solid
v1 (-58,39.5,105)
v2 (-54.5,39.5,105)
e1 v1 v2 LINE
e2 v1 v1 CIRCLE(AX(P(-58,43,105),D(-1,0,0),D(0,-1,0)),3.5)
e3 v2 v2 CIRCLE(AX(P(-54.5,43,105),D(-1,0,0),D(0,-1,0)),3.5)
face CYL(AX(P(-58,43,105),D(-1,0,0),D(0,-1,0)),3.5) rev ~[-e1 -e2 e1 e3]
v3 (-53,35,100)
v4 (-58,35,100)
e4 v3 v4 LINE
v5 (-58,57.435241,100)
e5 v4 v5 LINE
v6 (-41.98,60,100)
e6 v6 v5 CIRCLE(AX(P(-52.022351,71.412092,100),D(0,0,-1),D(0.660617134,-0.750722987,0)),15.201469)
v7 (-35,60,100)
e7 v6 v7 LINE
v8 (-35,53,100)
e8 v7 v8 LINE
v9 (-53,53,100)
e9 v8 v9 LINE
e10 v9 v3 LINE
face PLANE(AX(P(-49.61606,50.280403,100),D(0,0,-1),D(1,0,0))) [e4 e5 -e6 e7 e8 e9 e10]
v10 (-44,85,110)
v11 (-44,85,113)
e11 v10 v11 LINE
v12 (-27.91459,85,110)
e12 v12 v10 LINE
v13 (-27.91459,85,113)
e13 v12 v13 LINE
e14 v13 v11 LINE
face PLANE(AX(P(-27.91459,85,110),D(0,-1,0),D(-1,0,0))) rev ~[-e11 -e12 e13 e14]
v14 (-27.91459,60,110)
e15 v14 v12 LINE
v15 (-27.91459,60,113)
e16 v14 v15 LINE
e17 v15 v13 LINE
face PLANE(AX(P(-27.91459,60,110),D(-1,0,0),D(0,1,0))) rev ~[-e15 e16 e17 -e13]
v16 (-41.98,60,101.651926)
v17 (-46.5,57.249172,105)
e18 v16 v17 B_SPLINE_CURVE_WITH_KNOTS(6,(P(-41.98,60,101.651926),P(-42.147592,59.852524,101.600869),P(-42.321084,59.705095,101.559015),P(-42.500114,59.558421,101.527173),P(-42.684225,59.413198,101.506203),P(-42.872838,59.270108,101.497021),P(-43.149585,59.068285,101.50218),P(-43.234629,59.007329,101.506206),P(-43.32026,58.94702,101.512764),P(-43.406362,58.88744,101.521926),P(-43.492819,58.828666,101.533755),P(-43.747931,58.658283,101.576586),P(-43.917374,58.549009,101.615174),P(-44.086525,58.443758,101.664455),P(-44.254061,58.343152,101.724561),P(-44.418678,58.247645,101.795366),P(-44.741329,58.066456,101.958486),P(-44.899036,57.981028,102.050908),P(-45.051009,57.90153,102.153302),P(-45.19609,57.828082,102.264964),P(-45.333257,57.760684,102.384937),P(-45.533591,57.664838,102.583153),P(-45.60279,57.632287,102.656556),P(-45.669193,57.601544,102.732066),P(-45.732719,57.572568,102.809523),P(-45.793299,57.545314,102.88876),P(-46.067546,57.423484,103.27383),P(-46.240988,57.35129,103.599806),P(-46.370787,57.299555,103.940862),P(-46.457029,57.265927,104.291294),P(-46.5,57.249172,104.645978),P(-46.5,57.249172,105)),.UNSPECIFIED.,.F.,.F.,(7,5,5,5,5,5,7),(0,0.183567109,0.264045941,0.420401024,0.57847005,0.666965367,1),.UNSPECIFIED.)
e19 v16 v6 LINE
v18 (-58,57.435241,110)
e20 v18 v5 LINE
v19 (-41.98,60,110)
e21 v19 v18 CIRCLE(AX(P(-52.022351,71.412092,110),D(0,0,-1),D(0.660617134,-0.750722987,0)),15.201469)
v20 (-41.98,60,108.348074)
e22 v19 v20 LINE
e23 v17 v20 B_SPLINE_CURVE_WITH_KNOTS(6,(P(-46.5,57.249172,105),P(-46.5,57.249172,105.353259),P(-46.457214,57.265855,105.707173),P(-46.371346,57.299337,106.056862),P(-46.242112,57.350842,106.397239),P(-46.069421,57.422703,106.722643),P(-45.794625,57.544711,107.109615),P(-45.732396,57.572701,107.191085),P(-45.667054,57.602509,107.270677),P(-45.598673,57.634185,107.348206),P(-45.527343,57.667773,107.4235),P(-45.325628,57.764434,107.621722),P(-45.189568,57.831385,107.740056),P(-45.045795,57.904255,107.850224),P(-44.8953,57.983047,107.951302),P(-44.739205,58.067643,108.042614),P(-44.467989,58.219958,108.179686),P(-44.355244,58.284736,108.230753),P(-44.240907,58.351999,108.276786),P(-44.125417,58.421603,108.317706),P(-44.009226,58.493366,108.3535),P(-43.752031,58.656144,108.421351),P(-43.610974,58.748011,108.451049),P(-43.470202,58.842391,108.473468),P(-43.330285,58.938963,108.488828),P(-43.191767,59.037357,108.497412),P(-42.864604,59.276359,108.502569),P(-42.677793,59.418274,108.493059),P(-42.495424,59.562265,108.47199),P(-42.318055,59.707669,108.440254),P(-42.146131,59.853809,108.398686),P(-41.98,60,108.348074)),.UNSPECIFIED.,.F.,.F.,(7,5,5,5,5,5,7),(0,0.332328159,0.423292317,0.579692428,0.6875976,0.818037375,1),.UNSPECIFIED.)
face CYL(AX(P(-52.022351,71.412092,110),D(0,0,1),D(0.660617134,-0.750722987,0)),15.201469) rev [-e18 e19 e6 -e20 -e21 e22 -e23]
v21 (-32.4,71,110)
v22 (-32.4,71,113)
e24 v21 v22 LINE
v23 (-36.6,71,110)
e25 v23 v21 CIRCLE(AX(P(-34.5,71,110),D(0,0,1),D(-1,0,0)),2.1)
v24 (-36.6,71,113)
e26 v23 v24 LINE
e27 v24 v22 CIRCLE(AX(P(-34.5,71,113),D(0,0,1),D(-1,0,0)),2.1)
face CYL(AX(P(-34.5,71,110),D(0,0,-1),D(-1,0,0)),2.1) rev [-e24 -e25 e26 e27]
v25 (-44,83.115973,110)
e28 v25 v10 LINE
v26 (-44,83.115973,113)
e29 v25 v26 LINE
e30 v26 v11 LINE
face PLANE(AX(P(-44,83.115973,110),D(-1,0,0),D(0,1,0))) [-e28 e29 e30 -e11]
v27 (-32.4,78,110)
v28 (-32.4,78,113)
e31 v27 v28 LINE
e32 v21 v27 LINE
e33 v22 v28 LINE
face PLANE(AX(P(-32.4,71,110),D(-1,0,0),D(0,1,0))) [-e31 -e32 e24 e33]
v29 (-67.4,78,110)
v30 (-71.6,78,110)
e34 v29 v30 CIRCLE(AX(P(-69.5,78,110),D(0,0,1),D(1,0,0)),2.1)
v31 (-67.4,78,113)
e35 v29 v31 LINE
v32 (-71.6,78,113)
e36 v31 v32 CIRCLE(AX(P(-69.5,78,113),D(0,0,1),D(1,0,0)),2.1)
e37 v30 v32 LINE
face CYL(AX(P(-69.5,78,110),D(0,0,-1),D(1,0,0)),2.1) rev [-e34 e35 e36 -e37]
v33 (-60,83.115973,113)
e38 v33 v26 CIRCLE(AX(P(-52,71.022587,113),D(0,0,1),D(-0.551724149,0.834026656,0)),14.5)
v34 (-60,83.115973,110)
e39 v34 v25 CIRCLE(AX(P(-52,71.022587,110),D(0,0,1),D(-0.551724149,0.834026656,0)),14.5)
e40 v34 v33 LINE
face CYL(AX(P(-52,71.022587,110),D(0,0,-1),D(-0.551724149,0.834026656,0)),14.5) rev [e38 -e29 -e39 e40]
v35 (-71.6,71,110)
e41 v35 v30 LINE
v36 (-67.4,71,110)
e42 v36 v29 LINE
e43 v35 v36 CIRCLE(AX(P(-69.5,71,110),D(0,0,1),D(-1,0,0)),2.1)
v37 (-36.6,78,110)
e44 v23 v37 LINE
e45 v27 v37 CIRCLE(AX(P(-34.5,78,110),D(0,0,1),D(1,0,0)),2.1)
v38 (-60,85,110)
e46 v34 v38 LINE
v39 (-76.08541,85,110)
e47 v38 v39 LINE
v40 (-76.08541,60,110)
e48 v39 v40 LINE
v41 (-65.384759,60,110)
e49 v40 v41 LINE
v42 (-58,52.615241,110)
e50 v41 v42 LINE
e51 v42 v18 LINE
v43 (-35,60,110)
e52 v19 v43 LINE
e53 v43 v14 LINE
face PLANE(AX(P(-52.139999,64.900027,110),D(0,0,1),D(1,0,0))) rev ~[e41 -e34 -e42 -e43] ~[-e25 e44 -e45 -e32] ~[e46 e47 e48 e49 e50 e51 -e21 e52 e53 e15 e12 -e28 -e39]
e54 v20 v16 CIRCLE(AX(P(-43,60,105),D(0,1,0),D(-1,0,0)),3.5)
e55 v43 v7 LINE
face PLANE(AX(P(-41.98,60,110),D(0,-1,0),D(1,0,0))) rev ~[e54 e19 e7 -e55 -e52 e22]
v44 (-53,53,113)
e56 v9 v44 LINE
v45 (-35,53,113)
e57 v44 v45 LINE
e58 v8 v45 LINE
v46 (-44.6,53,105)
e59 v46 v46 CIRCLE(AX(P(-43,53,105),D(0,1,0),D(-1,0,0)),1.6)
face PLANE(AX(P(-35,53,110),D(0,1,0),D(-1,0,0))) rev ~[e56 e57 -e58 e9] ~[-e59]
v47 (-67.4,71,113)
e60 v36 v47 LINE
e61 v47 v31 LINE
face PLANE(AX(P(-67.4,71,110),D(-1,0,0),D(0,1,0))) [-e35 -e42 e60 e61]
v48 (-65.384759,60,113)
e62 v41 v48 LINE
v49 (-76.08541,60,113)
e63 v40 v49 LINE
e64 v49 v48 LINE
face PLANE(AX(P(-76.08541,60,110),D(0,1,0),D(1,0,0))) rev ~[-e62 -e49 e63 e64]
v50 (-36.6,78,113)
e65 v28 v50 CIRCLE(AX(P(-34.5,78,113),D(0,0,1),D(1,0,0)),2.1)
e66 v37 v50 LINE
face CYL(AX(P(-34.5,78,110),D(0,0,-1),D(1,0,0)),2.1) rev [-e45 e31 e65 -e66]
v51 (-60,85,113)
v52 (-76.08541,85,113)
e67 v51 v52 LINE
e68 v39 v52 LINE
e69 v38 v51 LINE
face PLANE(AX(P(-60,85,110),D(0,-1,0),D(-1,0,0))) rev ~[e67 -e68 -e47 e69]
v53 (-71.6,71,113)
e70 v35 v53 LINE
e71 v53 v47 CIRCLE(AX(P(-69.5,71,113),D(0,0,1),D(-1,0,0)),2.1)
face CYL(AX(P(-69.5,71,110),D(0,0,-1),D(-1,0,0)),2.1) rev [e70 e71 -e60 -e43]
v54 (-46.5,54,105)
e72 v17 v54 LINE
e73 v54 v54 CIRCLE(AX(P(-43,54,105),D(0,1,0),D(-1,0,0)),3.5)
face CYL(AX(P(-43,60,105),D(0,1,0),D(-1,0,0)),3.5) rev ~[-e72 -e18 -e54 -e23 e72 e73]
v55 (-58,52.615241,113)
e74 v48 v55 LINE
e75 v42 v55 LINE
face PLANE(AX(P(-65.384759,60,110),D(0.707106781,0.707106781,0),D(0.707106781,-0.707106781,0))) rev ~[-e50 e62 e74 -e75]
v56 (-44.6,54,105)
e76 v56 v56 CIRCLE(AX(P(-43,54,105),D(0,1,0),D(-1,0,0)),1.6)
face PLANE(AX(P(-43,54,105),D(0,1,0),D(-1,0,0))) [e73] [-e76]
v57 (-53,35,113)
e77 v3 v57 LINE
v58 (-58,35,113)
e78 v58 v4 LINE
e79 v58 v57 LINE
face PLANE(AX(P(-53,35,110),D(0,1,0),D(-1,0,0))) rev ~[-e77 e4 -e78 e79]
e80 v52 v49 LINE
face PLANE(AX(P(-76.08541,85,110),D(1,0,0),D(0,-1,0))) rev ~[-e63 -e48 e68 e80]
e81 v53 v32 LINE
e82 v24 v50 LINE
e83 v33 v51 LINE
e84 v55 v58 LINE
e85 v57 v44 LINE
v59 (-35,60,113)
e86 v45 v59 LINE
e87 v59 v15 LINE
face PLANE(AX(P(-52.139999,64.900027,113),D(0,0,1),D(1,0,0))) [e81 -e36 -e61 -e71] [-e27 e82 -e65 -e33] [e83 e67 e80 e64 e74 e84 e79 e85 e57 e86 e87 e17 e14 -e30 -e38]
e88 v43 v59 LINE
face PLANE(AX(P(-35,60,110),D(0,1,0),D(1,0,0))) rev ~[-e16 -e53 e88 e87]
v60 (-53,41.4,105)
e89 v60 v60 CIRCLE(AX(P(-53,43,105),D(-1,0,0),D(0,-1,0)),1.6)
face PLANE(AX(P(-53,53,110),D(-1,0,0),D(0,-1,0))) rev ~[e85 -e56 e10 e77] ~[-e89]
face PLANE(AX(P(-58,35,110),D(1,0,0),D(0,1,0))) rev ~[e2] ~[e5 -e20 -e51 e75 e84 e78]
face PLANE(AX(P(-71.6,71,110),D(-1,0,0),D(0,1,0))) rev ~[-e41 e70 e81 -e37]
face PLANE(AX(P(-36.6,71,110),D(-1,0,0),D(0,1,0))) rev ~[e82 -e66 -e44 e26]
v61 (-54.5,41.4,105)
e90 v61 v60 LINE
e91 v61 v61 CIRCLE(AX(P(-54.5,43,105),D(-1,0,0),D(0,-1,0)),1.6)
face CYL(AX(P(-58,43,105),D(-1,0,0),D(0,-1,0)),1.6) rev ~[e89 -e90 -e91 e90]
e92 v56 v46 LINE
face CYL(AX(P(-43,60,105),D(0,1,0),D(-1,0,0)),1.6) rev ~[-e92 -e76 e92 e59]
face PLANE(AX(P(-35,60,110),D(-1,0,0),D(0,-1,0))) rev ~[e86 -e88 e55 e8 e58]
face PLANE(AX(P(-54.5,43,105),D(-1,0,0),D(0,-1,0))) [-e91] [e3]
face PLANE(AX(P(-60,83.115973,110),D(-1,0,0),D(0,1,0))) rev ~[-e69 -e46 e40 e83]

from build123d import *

# Parameters (mm, degrees)
PAD035_DEPTH    = 3
PAD036_DEPTH    = 10
SKETCH093_R     = 1.6
POCKET056_DEPTH = 5
SKETCH094_R     = 3.5
POCKET057_DEPTH = 3.5
SKETCH095_R     = 1.6
POCKET058_DEPTH = 10
SKETCH096_R     = 3.5
POCKET059_DEPTH = 6


with BuildPart() as part:
    # Sketch091 → Pad035 (new body)
    with BuildSketch(Plane.XY):
        with BuildLine():
            Line((-53, -7), (-35, -7))
            Line((-35, -7), (-35, 0))
            Line((-35, 0), (-27.91459, 0))
            Line((-27.91459, 0), (-27.91459, 25))
            Line((-27.91459, 25), (-44, 25))
            Line((-44, 23.115973), (-44, 25))
            ThreePointArc((-60, 23.115973), (-52, -3.477413), (-44, 23.115973))
            Line((-60, 23.115973), (-60, 25))
            Line((-60, 25), (-76.08541, 25))
            Line((-76.08541, 25), (-76.08541, 0))
            Line((-76.08541, 0), (-65.384759, 0))
            Line((-65.384759, 0), (-58, -7.384759))
            Line((-58, -7.384759), (-58, -25))
            Line((-58, -25), (-53, -25))
            Line((-53, -25), (-53, -7))
        make_face()
        with BuildLine():
            ThreePointArc((-71.6, 11), (-69.5, 8.9), (-67.4, 11))
            Line((-67.4, 11), (-67.4, 18))
            ThreePointArc((-67.4, 18), (-69.5, 20.1), (-71.6, 18))
            Line((-71.6, 11), (-71.6, 18))
        make_face(mode=Mode.SUBTRACT)
        with BuildLine():
            ThreePointArc((-36.6, 11), (-34.5, 8.9), (-32.4, 11))
            Line((-32.4, 11), (-32.4, 18))
            ThreePointArc((-32.4, 18), (-34.5, 20.1), (-36.6, 18))
            Line((-36.6, 11), (-36.6, 18))
        make_face(mode=Mode.SUBTRACT)
    extrude(amount=PAD035_DEPTH)

    # Sketch092 (on Face24 of Pad035) → Pad036 (join)
    with BuildSketch(Plane(origin=(0, 0, 0), x_dir=(1, 0, 0), z_dir=(0, 0, -1))):
        with BuildLine():
            Line((-53, 25), (-58, 25))
            Line((-58, 25), (-58, 7.384759))
            Line((-58, 7.384759), (-58, 2.564759))
            ThreePointArc((-41.98, 0), (-49.619239, 3.598228), (-58, 2.564759))
            Line((-41.98, 0), (-35, 0))
            Line((-35, 0), (-35, 7))
            Line((-35, 7), (-53, 7))
            Line((-53, 7), (-53, 25))
        make_face()
    extrude(amount=PAD036_DEPTH)

    # Sketch093 (on Face31 of Pad036) → Pocket056 (cut)
    with BuildSketch(Plane(origin=(-58, 0, 0), x_dir=(0, -1, 0), z_dir=(-1, 0, 0))):
        with Locations((17, -5)):
            Circle(SKETCH093_R)
    extrude(amount=-POCKET056_DEPTH, mode=Mode.SUBTRACT)

    # Sketch094 (on Face31 of Pocket056) → Pocket057 (cut)
    with BuildSketch(Plane(origin=(-58, 0, 0), x_dir=(0, -1, 0), z_dir=(-1, 0, 0))):
        with Locations((17, -5)):
            Circle(SKETCH094_R)
    extrude(amount=-POCKET057_DEPTH, mode=Mode.SUBTRACT)

    # Sketch095 (on Face11 of Pocket057) → Pocket058 (cut)
    with BuildSketch(Plane(origin=(0, 0, 0), x_dir=(-1, 0, 0), z_dir=(0, 1, 0))):
        with Locations((43, -5)):
            Circle(SKETCH095_R)
    extrude(amount=-POCKET058_DEPTH, mode=Mode.SUBTRACT)

    # Sketch096 (on Face11 of Pocket058) → Pocket059 (cut)
    with BuildSketch(Plane(origin=(0, 0, 0), x_dir=(-1, 0, 0), z_dir=(0, 1, 0))):
        with Locations((43, -5)):
            Circle(SKETCH096_R)
    extrude(amount=-POCKET059_DEPTH, mode=Mode.SUBTRACT)


with BuildPart() as part_1:
    # Body013 placement: moved
    add(part.part.moved(Location((0, 60, 110))))


solid = part_1.part
